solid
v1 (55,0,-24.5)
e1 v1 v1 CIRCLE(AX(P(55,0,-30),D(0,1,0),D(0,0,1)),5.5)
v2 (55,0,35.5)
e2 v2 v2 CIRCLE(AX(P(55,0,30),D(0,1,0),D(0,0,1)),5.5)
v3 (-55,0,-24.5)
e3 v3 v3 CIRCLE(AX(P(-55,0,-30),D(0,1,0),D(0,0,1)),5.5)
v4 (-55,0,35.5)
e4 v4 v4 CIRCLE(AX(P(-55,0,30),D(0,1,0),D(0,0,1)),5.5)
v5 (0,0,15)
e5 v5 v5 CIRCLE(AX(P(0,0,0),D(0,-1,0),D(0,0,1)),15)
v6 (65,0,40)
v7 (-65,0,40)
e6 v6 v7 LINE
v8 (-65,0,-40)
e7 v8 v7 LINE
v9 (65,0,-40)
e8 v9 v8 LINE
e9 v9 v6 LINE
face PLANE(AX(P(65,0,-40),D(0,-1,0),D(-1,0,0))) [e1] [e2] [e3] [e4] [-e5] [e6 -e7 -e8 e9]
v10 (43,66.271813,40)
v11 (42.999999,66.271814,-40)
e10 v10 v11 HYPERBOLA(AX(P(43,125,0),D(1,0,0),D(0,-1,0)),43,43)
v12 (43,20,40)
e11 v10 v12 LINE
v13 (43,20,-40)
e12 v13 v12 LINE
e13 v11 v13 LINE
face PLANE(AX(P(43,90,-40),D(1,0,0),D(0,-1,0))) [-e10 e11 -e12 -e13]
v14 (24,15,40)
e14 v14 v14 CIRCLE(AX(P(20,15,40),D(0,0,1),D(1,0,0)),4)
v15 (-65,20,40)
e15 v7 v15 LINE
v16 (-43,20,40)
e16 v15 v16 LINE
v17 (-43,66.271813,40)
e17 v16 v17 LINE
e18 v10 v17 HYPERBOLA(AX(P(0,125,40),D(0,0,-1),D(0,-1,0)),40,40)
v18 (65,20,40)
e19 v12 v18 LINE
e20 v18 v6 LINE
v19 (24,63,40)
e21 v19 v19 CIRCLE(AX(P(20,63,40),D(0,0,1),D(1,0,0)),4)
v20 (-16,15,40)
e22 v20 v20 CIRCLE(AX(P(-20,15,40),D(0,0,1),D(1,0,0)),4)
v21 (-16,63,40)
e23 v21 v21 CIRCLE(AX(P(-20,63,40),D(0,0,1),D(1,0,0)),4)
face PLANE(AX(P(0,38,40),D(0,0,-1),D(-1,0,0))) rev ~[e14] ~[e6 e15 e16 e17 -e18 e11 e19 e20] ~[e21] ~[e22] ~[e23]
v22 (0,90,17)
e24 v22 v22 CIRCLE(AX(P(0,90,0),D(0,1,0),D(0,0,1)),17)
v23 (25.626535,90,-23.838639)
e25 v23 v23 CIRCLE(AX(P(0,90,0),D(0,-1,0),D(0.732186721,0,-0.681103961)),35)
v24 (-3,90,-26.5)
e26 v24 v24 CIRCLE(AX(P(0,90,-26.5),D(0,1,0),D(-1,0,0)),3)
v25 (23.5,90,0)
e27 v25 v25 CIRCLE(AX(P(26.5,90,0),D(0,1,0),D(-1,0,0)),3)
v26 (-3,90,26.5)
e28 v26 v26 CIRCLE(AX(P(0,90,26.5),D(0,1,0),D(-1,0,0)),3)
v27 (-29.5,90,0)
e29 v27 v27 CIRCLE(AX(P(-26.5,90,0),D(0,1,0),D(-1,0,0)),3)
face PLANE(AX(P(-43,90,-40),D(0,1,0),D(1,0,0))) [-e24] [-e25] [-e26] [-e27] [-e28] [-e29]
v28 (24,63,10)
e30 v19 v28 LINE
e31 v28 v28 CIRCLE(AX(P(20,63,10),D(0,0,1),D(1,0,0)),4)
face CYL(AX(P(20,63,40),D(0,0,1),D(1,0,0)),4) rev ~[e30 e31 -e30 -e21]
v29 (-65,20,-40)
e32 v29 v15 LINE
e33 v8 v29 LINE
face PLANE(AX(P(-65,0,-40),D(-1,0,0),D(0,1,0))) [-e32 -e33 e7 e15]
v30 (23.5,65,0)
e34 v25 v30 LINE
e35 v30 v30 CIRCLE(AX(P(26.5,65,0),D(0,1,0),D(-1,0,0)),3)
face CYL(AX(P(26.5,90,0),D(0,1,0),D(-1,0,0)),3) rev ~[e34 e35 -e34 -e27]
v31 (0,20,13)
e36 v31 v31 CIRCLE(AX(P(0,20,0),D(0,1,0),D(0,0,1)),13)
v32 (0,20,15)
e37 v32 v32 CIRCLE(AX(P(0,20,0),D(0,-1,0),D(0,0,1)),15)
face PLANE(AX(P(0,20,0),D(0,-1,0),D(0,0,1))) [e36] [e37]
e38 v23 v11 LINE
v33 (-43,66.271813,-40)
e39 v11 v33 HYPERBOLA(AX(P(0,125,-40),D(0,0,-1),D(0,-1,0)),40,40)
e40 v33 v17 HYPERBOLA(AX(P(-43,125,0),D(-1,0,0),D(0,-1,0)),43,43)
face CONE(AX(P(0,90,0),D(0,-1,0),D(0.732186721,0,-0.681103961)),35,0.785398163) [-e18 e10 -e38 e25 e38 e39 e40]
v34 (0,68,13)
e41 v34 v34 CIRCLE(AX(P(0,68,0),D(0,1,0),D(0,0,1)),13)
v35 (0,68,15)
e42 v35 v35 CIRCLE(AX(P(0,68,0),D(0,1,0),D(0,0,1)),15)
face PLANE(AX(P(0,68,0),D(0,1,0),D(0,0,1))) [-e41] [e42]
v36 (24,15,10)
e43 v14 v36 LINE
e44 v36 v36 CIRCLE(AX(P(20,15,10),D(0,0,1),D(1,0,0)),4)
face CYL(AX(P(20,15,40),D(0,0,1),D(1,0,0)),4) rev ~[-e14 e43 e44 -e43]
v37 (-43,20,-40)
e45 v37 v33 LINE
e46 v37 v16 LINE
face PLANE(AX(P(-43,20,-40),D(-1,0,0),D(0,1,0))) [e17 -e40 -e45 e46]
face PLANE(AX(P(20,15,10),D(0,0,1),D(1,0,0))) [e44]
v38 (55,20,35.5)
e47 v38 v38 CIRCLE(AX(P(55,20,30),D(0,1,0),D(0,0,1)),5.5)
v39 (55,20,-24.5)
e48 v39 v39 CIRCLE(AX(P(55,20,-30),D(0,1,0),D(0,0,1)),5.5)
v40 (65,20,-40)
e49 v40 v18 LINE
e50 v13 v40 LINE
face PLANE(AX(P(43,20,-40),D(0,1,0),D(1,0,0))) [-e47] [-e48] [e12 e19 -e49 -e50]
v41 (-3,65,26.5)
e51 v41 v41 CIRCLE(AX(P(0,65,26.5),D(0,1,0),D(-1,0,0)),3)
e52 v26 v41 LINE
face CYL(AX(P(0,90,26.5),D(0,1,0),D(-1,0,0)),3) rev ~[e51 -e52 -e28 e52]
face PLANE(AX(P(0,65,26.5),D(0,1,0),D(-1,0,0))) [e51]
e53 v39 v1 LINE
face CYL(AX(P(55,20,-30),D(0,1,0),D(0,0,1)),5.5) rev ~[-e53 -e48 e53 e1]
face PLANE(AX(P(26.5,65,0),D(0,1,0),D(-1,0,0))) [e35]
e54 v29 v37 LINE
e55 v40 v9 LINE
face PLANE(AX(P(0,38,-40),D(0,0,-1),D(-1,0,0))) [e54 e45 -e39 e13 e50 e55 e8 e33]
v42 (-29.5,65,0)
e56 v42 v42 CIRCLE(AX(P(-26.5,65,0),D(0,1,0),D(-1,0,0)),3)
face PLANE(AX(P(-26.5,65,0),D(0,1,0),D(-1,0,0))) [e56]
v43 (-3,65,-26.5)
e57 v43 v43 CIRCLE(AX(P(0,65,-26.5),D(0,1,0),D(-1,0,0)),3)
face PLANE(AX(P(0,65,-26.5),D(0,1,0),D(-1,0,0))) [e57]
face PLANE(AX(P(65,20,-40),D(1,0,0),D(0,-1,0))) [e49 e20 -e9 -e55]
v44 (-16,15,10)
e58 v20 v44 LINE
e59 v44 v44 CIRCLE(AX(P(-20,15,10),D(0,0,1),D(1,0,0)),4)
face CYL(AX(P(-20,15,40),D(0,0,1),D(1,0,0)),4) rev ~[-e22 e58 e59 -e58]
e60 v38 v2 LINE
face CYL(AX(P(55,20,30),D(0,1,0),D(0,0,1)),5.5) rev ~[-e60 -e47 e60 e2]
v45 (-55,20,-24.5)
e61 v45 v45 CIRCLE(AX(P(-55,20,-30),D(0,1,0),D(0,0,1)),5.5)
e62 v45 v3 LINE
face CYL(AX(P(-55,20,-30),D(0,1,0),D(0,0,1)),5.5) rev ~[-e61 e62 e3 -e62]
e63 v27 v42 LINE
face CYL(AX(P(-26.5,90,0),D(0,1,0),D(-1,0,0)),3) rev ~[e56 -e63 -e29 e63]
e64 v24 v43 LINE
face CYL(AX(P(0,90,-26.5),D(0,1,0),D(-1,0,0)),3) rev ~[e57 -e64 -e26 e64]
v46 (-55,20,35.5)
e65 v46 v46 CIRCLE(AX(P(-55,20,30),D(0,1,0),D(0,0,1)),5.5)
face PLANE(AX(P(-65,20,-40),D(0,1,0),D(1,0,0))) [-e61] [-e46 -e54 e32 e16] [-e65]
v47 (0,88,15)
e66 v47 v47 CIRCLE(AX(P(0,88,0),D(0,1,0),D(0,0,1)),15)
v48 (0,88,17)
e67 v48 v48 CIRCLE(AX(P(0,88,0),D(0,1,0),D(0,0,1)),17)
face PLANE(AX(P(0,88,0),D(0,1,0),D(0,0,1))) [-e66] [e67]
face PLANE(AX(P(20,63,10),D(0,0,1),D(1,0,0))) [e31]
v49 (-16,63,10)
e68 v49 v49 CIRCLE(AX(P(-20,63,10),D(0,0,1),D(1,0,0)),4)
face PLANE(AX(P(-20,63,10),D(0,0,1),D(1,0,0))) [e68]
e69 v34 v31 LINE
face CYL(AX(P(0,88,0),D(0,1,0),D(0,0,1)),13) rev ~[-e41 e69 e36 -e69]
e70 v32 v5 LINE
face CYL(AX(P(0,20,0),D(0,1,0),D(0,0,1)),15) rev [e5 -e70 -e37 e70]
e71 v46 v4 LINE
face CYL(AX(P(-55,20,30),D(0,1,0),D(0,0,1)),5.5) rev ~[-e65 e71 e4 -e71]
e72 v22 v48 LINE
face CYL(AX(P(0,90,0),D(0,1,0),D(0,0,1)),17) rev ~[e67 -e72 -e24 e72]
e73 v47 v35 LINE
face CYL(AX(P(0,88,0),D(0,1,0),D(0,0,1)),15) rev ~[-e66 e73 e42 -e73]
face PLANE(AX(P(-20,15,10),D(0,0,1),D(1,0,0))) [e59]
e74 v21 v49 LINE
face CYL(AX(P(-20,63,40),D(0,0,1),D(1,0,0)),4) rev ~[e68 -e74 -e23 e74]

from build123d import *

# Parameters (mm, degrees)
SALIENTE_EXTRUIR1_DEPTH      = 40
SALIENTE_EXTRUIR1_DEPTH_BACK = 40
CROQUIS2_R                   = 17
CORTAR_EXTRUIR1_DEPTH        = 2
CORTAR_EXTRUIR2_REACH        = 118.486
CROQUIS5_R                   = 13
CROQUIS6_R                   = 15
CORTAR_EXTRUIR3_DEPTH        = 20
CORTAR_EXTRUIR4_START        = -20
CROQUIS7_R                   = 15
CORTAR_EXTRUIR4_DEPTH        = 20
CORTAR_EXTRUIR6_REACH        = 105.562
CROQUIS8_R                   = 5.5
CROQUIS9_R                   = 4
CORTAR_EXTRUIR7_DEPTH        = 30
CROQUIS10_R                  = 3
CORTAR_EXTRUIR8_DEPTH        = 25


with BuildPart() as part:
    # Croquis1 → Saliente-Extruir1 (new, two sides: drawn at the far end of the back side and taken through both)
    with BuildSketch(Plane.XY.offset(-SALIENTE_EXTRUIR1_DEPTH_BACK)):
        Polygon((65, 0), (-65, 0), (-65, 20), (-43, 20), (-43, 90), (43, 90), (43, 20), (65, 20), align=None)
    extrude(amount=SALIENTE_EXTRUIR1_DEPTH + SALIENTE_EXTRUIR1_DEPTH_BACK)

    # Croquis2 → Cortar-Extruir1 (cut)
    with BuildSketch(Plane(origin=(0, 90, 0), x_dir=(1, 0, 0), z_dir=(0, 1, 0))):
        Circle(CROQUIS2_R)
    extrude(amount=-CORTAR_EXTRUIR1_DEPTH, mode=Mode.SUBTRACT)

    # Croquis4 → Cortar-Revolución2 (revolve, cut)
    with BuildSketch(Plane.XY):
        Polygon((-35, 90), (-75.552498824, 49.447501176), (-75.552498824, 90), align=None)
    revolve(axis=Axis((0, 0, 0), (0, -1, 0)), mode=Mode.SUBTRACT)

    # Croquis5 → Cortar-Extruir2 (cut, up to next)
    with BuildSketch(Plane(origin=(0, 88, 0), x_dir=(1, 0, 0), z_dir=(0, 1, 0)), mode=Mode.PRIVATE) as cortar_extruir2_sk1:
        Circle(CROQUIS5_R)
    cortar_extruir2_tool1 = extrude(cortar_extruir2_sk1.sketch, amount=-CORTAR_EXTRUIR2_REACH, mode=Mode.PRIVATE) & part.part
    add(cortar_extruir2_tool1.solids().sort_by_distance((0, 88, 0))[0], mode=Mode.SUBTRACT)

    # Croquis6 → Cortar-Extruir3 (cut)
    with BuildSketch(Plane(origin=(0, 88, 0), x_dir=(1, 0, 0), z_dir=(0, 1, 0))):
        Circle(CROQUIS6_R)
    extrude(amount=-CORTAR_EXTRUIR3_DEPTH, mode=Mode.SUBTRACT)

    # Croquis7 → Cortar-Extruir4 (cut)
    with BuildSketch(Plane.XZ.offset(CORTAR_EXTRUIR4_START)):
        Circle(CROQUIS7_R)
    extrude(amount=CORTAR_EXTRUIR4_DEPTH, mode=Mode.SUBTRACT)

    # Croquis8 → Cortar-Extruir6 (cut, up to next)
    with BuildSketch(Plane(origin=(0, 20, 0), x_dir=(1, 0, 0), z_dir=(0, 1, 0)), mode=Mode.PRIVATE) as cortar_extruir6_sk1:
        with Locations((-55, 30)):
            Circle(CROQUIS8_R)
    cortar_extruir6_tool1 = extrude(cortar_extruir6_sk1.sketch, amount=-CORTAR_EXTRUIR6_REACH, mode=Mode.PRIVATE) & part.part
    # Croquis8 → Cortar-Extruir6 (cut, up to next)
    with BuildSketch(Plane(origin=(0, 20, 0), x_dir=(1, 0, 0), z_dir=(0, 1, 0)), mode=Mode.PRIVATE) as cortar_extruir6_sk2:
        with Locations((-55, -30)):
            Circle(CROQUIS8_R)
    cortar_extruir6_tool2 = extrude(cortar_extruir6_sk2.sketch, amount=-CORTAR_EXTRUIR6_REACH, mode=Mode.PRIVATE) & part.part
    # Croquis8 → Cortar-Extruir6 (cut, up to next)
    with BuildSketch(Plane(origin=(0, 20, 0), x_dir=(1, 0, 0), z_dir=(0, 1, 0)), mode=Mode.PRIVATE) as cortar_extruir6_sk3:
        with Locations((55, 30)):
            Circle(CROQUIS8_R)
    cortar_extruir6_tool3 = extrude(cortar_extruir6_sk3.sketch, amount=-CORTAR_EXTRUIR6_REACH, mode=Mode.PRIVATE) & part.part
    # Croquis8 → Cortar-Extruir6 (cut, up to next)
    with BuildSketch(Plane(origin=(0, 20, 0), x_dir=(1, 0, 0), z_dir=(0, 1, 0)), mode=Mode.PRIVATE) as cortar_extruir6_sk4:
        with Locations((55, -30)):
            Circle(CROQUIS8_R)
    cortar_extruir6_tool4 = extrude(cortar_extruir6_sk4.sketch, amount=-CORTAR_EXTRUIR6_REACH, mode=Mode.PRIVATE) & part.part
    add(cortar_extruir6_tool1.solids().sort_by_distance((-55, 20, -30))[0], mode=Mode.SUBTRACT)
    add(cortar_extruir6_tool2.solids().sort_by_distance((-55, 20, 30))[0], mode=Mode.SUBTRACT)
    add(cortar_extruir6_tool3.solids().sort_by_distance((55, 20, -30))[0], mode=Mode.SUBTRACT)
    add(cortar_extruir6_tool4.solids().sort_by_distance((55, 20, 30))[0], mode=Mode.SUBTRACT)

    # Croquis9 → Cortar-Extruir7 (cut)
    with BuildSketch(Plane.XY.offset(40)):
        with Locations((-20, 63)):
            Circle(CROQUIS9_R)
        with Locations((20, 63)):
            Circle(CROQUIS9_R)
        with Locations((20, 15)):
            Circle(CROQUIS9_R)
        with Locations((-20, 15)):
            Circle(CROQUIS9_R)
    extrude(amount=-CORTAR_EXTRUIR7_DEPTH, mode=Mode.SUBTRACT)

    # Croquis10 → Cortar-Extruir8 (cut)
    with BuildSketch(Plane(origin=(0, 90, 0), x_dir=(1, 0, 0), z_dir=(0, 1, 0))):
        with Locations((0, 26.5)):
            Circle(CROQUIS10_R)
        with Locations((26.5, 0)):
            Circle(CROQUIS10_R)
        with Locations((0, -26.5)):
            Circle(CROQUIS10_R)
        with Locations((-26.5, 0)):
            Circle(CROQUIS10_R)
    extrude(amount=-CORTAR_EXTRUIR8_DEPTH, mode=Mode.SUBTRACT)


solid = part.part
